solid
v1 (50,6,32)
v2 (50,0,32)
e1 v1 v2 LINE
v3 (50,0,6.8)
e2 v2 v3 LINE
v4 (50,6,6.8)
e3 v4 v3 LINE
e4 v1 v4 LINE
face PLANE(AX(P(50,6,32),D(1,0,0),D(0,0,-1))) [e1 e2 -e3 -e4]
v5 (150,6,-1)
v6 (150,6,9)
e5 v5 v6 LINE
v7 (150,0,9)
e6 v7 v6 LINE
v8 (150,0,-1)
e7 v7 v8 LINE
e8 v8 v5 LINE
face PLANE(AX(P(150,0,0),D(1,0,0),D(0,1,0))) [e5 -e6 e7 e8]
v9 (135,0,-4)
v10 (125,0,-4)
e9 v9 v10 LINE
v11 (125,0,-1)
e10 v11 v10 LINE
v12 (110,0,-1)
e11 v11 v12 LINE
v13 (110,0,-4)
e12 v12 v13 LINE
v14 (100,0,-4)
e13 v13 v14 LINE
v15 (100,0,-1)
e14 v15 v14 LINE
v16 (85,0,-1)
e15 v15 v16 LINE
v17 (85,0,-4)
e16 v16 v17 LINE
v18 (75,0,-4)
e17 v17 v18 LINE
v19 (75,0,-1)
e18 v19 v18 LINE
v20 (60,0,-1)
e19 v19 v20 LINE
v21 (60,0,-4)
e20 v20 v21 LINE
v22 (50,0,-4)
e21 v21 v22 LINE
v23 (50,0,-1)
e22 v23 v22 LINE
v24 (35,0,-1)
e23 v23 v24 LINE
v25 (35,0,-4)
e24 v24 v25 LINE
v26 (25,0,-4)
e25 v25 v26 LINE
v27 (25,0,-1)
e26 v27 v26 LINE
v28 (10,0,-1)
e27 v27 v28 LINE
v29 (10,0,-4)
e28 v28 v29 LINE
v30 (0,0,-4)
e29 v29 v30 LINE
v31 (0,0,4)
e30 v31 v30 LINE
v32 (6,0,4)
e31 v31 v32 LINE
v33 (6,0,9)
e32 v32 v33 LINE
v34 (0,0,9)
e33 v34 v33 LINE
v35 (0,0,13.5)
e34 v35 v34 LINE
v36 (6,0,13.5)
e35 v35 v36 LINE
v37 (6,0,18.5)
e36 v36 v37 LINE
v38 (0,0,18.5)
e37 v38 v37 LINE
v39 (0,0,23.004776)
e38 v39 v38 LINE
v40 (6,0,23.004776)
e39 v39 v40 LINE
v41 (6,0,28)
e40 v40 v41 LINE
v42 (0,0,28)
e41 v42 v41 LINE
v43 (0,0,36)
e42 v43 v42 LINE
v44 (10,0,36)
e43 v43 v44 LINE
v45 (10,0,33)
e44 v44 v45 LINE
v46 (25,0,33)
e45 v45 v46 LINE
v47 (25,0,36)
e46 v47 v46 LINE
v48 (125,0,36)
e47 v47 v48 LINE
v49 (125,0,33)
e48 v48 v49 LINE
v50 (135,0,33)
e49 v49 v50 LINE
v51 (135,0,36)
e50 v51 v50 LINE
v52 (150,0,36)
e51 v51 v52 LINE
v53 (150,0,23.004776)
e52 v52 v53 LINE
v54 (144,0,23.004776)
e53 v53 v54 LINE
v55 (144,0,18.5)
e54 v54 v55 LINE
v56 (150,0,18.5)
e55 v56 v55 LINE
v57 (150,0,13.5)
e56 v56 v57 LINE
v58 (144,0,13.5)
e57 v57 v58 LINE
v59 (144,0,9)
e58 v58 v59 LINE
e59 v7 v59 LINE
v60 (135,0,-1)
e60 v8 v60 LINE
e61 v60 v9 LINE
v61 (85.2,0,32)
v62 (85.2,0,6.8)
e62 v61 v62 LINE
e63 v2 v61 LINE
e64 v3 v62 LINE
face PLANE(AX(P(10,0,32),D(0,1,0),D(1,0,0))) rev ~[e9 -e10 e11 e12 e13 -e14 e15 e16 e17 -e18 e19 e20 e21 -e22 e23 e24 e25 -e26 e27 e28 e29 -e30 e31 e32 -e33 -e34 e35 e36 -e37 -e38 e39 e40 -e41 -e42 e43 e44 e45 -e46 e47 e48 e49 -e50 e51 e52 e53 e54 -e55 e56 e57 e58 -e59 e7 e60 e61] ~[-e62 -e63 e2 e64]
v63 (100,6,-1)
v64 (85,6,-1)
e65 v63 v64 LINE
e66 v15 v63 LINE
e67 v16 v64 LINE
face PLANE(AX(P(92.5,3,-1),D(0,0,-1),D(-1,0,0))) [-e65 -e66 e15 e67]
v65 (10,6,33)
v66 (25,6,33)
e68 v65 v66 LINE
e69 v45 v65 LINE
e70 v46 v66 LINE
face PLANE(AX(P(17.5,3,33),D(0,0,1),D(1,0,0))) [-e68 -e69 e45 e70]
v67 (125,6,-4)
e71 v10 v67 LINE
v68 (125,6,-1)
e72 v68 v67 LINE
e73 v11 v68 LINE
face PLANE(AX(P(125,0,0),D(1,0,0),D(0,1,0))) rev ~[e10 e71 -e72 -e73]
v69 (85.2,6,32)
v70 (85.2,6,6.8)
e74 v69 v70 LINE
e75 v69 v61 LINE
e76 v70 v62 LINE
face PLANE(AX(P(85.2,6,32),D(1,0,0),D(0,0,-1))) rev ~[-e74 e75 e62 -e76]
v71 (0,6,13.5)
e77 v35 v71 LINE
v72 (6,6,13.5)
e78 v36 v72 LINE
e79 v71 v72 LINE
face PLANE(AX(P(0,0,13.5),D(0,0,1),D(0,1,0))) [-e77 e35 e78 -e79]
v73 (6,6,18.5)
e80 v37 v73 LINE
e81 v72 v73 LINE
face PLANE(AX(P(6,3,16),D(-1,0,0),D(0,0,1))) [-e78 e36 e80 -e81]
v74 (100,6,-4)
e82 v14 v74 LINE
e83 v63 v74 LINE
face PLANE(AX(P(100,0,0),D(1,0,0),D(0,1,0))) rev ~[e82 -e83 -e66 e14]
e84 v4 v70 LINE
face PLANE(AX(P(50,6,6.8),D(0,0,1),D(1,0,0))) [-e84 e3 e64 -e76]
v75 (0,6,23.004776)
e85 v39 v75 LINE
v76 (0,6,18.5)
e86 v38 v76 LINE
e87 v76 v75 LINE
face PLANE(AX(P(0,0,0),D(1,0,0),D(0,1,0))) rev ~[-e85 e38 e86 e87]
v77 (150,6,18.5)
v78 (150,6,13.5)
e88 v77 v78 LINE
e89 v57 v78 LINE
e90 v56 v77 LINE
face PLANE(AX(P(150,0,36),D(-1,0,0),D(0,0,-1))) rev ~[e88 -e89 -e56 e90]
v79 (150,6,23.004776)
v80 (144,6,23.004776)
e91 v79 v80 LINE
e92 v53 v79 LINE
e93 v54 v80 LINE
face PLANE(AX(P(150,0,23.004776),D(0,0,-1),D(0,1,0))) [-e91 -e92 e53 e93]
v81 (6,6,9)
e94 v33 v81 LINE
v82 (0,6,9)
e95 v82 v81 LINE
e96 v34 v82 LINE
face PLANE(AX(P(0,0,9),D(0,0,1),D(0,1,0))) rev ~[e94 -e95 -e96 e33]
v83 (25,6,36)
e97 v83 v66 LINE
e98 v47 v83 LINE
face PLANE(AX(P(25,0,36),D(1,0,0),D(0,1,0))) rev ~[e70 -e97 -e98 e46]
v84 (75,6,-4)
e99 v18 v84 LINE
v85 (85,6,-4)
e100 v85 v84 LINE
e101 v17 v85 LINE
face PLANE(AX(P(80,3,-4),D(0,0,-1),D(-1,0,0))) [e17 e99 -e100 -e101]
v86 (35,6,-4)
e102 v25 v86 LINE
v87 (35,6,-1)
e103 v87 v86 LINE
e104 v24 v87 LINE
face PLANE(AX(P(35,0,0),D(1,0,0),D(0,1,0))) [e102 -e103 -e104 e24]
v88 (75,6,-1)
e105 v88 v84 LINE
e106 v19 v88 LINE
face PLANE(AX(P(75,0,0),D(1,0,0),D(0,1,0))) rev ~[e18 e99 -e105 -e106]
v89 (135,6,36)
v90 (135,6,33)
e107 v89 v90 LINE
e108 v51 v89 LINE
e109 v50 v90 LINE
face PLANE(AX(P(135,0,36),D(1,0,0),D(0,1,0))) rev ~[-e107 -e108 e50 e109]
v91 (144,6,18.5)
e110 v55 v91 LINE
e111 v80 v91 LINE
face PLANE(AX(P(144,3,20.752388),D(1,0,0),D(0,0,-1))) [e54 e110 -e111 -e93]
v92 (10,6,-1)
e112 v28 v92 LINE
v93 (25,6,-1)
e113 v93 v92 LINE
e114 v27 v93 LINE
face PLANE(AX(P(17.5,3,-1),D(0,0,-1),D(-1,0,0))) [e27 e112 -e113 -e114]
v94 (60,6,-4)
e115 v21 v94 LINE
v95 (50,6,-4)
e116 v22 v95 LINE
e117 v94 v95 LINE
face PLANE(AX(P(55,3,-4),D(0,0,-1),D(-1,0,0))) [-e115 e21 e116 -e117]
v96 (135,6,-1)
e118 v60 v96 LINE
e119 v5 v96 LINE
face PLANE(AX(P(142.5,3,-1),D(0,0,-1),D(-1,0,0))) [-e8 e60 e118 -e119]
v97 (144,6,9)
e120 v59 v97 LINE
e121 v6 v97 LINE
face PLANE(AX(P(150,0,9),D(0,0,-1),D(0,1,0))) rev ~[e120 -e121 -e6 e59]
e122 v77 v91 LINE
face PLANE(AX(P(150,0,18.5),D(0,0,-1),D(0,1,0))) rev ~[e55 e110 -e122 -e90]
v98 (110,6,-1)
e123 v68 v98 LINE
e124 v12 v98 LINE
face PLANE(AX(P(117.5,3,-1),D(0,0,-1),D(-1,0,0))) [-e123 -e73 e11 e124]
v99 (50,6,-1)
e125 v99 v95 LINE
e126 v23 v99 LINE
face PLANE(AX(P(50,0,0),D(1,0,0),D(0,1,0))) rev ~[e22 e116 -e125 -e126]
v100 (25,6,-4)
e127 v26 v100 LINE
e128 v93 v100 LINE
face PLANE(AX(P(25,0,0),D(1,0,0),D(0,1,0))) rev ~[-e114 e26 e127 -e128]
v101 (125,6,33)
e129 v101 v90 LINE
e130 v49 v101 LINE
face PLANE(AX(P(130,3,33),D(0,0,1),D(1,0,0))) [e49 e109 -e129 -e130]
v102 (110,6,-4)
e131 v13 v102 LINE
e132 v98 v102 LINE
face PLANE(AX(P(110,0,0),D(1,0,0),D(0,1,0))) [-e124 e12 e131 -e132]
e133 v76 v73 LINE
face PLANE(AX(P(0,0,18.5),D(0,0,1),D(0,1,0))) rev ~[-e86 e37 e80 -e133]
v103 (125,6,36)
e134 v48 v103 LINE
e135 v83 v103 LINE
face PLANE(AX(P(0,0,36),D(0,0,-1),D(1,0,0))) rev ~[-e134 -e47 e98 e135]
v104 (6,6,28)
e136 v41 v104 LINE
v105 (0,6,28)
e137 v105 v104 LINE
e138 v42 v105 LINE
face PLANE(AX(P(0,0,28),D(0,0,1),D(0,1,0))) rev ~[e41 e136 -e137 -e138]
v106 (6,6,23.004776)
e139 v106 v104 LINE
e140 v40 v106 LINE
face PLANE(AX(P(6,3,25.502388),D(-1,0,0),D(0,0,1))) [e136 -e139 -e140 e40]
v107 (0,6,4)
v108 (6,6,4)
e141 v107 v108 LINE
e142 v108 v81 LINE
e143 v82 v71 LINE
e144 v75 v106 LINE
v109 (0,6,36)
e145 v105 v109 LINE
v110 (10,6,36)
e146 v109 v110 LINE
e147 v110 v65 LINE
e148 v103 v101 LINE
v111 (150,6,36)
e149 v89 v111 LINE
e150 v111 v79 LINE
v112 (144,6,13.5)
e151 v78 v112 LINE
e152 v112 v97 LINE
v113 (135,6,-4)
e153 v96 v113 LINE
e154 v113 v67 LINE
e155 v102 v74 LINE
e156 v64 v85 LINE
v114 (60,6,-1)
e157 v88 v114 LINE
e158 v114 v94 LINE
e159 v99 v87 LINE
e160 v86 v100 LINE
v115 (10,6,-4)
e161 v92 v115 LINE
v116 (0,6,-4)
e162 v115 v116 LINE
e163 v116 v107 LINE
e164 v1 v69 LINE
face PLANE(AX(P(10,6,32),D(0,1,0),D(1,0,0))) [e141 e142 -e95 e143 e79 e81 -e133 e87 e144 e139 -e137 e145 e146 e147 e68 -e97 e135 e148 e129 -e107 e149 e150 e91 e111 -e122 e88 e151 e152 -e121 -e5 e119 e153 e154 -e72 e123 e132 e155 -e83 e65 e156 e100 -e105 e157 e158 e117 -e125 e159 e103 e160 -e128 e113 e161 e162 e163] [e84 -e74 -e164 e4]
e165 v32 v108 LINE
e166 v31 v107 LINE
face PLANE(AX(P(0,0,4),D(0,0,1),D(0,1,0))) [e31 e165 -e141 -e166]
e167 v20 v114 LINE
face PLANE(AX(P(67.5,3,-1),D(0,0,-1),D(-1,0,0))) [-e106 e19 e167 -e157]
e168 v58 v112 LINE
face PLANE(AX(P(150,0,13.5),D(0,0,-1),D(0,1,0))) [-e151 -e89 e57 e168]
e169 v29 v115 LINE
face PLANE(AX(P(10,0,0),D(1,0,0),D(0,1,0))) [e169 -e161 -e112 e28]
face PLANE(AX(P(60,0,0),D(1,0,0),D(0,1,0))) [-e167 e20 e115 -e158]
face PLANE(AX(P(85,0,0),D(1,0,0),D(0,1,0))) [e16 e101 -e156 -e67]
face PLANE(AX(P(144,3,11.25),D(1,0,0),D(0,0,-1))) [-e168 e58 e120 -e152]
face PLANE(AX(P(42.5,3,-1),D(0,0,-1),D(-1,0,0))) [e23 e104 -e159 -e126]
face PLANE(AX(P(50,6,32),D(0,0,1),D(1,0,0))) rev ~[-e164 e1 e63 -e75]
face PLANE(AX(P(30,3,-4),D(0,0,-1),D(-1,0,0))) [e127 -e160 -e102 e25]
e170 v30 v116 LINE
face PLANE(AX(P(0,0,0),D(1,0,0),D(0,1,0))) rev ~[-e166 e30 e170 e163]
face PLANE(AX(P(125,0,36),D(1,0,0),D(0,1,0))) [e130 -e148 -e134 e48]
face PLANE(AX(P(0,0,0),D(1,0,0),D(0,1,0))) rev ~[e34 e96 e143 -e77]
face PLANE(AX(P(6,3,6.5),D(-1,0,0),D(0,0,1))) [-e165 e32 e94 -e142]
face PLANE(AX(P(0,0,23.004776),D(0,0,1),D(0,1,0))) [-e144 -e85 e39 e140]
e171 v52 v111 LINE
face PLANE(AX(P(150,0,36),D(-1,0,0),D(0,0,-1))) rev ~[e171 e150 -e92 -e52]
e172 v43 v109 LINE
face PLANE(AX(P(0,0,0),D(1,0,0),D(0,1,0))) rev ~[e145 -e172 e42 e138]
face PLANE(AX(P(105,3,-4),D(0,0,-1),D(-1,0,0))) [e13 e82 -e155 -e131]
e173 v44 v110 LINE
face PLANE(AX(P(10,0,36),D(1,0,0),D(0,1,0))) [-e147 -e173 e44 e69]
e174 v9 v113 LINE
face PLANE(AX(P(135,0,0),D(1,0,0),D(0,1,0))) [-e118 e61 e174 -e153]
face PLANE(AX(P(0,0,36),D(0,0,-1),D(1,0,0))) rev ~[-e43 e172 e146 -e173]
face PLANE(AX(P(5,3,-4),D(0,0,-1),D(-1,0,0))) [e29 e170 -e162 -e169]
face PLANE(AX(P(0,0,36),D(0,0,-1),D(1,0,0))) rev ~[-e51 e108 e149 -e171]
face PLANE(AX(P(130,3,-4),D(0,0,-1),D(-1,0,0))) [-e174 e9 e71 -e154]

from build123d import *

# Parameters (mm, degrees)
SKETCH_1_W             = 150
SKETCH_1_H             = 36
EXTRUDE_2_DEPTH        = 6
SKETCH_6_W             = 10
SKETCH_6_H             = 6
EXTRUDE_4_DEPTH        = 4
PATTERN_LINEAR_1_COUNT = 6
PATTERN_LINEAR_1_PITCH = 25
SKETCH_8_W             = 5
SKETCH_8_H             = 6
SKETCH_8_W_2           = 4.995224333
CUT_EXTRUDE_3_DEPTH    = 6
SKETCH_11_W            = 4.504775667
SKETCH_11_H            = 6
SKETCH_11_W_2          = 4.5
CUT_EXTRUDE_4_DEPTH    = 6
SKETCH_12_W            = 35.2
SKETCH_12_H            = 25.2
CUT_EXTRUDE_5_DEPTH    = 155.376163963
SKETCH_14_W            = 15
SKETCH_14_H            = 6
SKETCH_14_W_2          = 10
CUT_EXTRUDE_6_DEPTH    = 4
SKETCH_15_W            = 15
SKETCH_15_H            = 6
EXTRUDE_5_DEPTH        = 1
PATTERN_LINEAR_2_COUNT = 5
PATTERN_LINEAR_2_PITCH = 25
SKETCH_16_W            = 15
SKETCH_16_H            = 6
EXTRUDE_6_DEPTH        = 1
SKETCH_17_W            = 10
SKETCH_17_H            = 6
EXTRUDE_7_DEPTH        = 1
SKETCH_18_W            = 15
SKETCH_18_H            = 6
EXTRUDE_8_DEPTH        = 1


with BuildPart() as part:
    # Эскиз1 → Бобышка-Вытянуть2 (new body)
    with BuildSketch(Plane(origin=(0, 0, 0), x_dir=(1, 0, 0), z_dir=(0, 1, 0))):
        with Locations((75, -18)):
            Rectangle(SKETCH_1_W, SKETCH_1_H)
    extrude(amount=EXTRUDE_2_DEPTH)

    # Эскиз6 → Бобышка-Вытянуть4 (add)
    with BuildSketch(Plane(origin=(0, 0, 0), x_dir=(-1, 0, 0), z_dir=(0, 0, -1))):
        with Locations((-5, 3)):
            Rectangle(SKETCH_6_W, SKETCH_6_H)
    extrude_4 = extrude(amount=EXTRUDE_4_DEPTH)

    # Линейный массив1: Бобышка-Вытянуть4 ×6
    with Locations(*[(i * PATTERN_LINEAR_1_PITCH, 0, 0) for i in range(1, PATTERN_LINEAR_1_COUNT)]):
        add(extrude_4)

    # Эскиз8 → Вырез-Вытянуть3 (cut)
    with BuildSketch(Plane.ZY):
        with Locations((6.5, 3)):
            Rectangle(SKETCH_8_W, SKETCH_8_H)
        with Locations((16, 3)):
            Rectangle(SKETCH_8_W, SKETCH_8_H)
        with Locations((25.502387834, 3)):
            Rectangle(SKETCH_8_W_2, SKETCH_8_H)
    extrude(amount=-CUT_EXTRUDE_3_DEPTH, mode=Mode.SUBTRACT)

    # Эскиз11 → Вырез-Вытянуть4 (cut)
    with BuildSketch(Plane(origin=(150, 0, 0), x_dir=(0, 0, -1), z_dir=(1, 0, 0))):
        with Locations((-20.752387834, 3)):
            Rectangle(SKETCH_11_W, SKETCH_11_H)
        with Locations((-11.25, 3)):
            Rectangle(SKETCH_11_W_2, SKETCH_11_H)
    extrude(amount=-CUT_EXTRUDE_4_DEPTH, mode=Mode.SUBTRACT)

    # Эскиз12 → Вырез-Вытянуть5 (cut, through all)
    with BuildSketch(Plane(origin=(0, 6, 0), x_dir=(1, 0, 0), z_dir=(0, 1, 0))):
        with Locations((67.6, -19.4)):
            Rectangle(SKETCH_12_W, SKETCH_12_H)
    extrude(amount=-CUT_EXTRUDE_5_DEPTH, mode=Mode.SUBTRACT)

    # Эскиз14 → Вырез-Вытянуть6 (cut)
    with BuildSketch(Plane.XY.offset(36)):
        with Locations((17.5, 3)):
            Rectangle(SKETCH_14_W, SKETCH_14_H)
        with Locations((130, 3)):
            Rectangle(SKETCH_14_W_2, SKETCH_14_H)
    extrude(amount=-CUT_EXTRUDE_6_DEPTH, mode=Mode.SUBTRACT)

    # Эскиз15 → Бобышка-Вытянуть5 (add)
    with BuildSketch(Plane(origin=(0, 0, 0), x_dir=(-1, 0, 0), z_dir=(0, 0, -1))):
        with Locations((-17.5, 3)):
            Rectangle(SKETCH_15_W, SKETCH_15_H)
    extrude_5 = extrude(amount=EXTRUDE_5_DEPTH)

    # Линейный массив2: Бобышка-Вытянуть5 ×5
    with Locations(*[(i * PATTERN_LINEAR_2_PITCH, 0, 0) for i in range(1, PATTERN_LINEAR_2_COUNT)]):
        add(extrude_5)

    # Эскиз16 → Бобышка-Вытянуть6 (add)
    with BuildSketch(Plane(origin=(0, 0, 0), x_dir=(-1, 0, 0), z_dir=(0, 0, -1))):
        with Locations((-142.5, 3)):
            Rectangle(SKETCH_16_W, SKETCH_16_H)
    extrude(amount=EXTRUDE_6_DEPTH)

    # Эскиз17 → Бобышка-Вытянуть7 (add)
    with BuildSketch(Plane.XY.offset(32)):
        with Locations((130, 3)):
            Rectangle(SKETCH_17_W, SKETCH_17_H)
    extrude(amount=EXTRUDE_7_DEPTH)

    # Эскиз18 → Бобышка-Вытянуть8 (add)
    with BuildSketch(Plane.XY.offset(32)):
        with Locations((17.5, 3)):
            Rectangle(SKETCH_18_W, SKETCH_18_H)
    extrude(amount=EXTRUDE_8_DEPTH)


solid = part.part
